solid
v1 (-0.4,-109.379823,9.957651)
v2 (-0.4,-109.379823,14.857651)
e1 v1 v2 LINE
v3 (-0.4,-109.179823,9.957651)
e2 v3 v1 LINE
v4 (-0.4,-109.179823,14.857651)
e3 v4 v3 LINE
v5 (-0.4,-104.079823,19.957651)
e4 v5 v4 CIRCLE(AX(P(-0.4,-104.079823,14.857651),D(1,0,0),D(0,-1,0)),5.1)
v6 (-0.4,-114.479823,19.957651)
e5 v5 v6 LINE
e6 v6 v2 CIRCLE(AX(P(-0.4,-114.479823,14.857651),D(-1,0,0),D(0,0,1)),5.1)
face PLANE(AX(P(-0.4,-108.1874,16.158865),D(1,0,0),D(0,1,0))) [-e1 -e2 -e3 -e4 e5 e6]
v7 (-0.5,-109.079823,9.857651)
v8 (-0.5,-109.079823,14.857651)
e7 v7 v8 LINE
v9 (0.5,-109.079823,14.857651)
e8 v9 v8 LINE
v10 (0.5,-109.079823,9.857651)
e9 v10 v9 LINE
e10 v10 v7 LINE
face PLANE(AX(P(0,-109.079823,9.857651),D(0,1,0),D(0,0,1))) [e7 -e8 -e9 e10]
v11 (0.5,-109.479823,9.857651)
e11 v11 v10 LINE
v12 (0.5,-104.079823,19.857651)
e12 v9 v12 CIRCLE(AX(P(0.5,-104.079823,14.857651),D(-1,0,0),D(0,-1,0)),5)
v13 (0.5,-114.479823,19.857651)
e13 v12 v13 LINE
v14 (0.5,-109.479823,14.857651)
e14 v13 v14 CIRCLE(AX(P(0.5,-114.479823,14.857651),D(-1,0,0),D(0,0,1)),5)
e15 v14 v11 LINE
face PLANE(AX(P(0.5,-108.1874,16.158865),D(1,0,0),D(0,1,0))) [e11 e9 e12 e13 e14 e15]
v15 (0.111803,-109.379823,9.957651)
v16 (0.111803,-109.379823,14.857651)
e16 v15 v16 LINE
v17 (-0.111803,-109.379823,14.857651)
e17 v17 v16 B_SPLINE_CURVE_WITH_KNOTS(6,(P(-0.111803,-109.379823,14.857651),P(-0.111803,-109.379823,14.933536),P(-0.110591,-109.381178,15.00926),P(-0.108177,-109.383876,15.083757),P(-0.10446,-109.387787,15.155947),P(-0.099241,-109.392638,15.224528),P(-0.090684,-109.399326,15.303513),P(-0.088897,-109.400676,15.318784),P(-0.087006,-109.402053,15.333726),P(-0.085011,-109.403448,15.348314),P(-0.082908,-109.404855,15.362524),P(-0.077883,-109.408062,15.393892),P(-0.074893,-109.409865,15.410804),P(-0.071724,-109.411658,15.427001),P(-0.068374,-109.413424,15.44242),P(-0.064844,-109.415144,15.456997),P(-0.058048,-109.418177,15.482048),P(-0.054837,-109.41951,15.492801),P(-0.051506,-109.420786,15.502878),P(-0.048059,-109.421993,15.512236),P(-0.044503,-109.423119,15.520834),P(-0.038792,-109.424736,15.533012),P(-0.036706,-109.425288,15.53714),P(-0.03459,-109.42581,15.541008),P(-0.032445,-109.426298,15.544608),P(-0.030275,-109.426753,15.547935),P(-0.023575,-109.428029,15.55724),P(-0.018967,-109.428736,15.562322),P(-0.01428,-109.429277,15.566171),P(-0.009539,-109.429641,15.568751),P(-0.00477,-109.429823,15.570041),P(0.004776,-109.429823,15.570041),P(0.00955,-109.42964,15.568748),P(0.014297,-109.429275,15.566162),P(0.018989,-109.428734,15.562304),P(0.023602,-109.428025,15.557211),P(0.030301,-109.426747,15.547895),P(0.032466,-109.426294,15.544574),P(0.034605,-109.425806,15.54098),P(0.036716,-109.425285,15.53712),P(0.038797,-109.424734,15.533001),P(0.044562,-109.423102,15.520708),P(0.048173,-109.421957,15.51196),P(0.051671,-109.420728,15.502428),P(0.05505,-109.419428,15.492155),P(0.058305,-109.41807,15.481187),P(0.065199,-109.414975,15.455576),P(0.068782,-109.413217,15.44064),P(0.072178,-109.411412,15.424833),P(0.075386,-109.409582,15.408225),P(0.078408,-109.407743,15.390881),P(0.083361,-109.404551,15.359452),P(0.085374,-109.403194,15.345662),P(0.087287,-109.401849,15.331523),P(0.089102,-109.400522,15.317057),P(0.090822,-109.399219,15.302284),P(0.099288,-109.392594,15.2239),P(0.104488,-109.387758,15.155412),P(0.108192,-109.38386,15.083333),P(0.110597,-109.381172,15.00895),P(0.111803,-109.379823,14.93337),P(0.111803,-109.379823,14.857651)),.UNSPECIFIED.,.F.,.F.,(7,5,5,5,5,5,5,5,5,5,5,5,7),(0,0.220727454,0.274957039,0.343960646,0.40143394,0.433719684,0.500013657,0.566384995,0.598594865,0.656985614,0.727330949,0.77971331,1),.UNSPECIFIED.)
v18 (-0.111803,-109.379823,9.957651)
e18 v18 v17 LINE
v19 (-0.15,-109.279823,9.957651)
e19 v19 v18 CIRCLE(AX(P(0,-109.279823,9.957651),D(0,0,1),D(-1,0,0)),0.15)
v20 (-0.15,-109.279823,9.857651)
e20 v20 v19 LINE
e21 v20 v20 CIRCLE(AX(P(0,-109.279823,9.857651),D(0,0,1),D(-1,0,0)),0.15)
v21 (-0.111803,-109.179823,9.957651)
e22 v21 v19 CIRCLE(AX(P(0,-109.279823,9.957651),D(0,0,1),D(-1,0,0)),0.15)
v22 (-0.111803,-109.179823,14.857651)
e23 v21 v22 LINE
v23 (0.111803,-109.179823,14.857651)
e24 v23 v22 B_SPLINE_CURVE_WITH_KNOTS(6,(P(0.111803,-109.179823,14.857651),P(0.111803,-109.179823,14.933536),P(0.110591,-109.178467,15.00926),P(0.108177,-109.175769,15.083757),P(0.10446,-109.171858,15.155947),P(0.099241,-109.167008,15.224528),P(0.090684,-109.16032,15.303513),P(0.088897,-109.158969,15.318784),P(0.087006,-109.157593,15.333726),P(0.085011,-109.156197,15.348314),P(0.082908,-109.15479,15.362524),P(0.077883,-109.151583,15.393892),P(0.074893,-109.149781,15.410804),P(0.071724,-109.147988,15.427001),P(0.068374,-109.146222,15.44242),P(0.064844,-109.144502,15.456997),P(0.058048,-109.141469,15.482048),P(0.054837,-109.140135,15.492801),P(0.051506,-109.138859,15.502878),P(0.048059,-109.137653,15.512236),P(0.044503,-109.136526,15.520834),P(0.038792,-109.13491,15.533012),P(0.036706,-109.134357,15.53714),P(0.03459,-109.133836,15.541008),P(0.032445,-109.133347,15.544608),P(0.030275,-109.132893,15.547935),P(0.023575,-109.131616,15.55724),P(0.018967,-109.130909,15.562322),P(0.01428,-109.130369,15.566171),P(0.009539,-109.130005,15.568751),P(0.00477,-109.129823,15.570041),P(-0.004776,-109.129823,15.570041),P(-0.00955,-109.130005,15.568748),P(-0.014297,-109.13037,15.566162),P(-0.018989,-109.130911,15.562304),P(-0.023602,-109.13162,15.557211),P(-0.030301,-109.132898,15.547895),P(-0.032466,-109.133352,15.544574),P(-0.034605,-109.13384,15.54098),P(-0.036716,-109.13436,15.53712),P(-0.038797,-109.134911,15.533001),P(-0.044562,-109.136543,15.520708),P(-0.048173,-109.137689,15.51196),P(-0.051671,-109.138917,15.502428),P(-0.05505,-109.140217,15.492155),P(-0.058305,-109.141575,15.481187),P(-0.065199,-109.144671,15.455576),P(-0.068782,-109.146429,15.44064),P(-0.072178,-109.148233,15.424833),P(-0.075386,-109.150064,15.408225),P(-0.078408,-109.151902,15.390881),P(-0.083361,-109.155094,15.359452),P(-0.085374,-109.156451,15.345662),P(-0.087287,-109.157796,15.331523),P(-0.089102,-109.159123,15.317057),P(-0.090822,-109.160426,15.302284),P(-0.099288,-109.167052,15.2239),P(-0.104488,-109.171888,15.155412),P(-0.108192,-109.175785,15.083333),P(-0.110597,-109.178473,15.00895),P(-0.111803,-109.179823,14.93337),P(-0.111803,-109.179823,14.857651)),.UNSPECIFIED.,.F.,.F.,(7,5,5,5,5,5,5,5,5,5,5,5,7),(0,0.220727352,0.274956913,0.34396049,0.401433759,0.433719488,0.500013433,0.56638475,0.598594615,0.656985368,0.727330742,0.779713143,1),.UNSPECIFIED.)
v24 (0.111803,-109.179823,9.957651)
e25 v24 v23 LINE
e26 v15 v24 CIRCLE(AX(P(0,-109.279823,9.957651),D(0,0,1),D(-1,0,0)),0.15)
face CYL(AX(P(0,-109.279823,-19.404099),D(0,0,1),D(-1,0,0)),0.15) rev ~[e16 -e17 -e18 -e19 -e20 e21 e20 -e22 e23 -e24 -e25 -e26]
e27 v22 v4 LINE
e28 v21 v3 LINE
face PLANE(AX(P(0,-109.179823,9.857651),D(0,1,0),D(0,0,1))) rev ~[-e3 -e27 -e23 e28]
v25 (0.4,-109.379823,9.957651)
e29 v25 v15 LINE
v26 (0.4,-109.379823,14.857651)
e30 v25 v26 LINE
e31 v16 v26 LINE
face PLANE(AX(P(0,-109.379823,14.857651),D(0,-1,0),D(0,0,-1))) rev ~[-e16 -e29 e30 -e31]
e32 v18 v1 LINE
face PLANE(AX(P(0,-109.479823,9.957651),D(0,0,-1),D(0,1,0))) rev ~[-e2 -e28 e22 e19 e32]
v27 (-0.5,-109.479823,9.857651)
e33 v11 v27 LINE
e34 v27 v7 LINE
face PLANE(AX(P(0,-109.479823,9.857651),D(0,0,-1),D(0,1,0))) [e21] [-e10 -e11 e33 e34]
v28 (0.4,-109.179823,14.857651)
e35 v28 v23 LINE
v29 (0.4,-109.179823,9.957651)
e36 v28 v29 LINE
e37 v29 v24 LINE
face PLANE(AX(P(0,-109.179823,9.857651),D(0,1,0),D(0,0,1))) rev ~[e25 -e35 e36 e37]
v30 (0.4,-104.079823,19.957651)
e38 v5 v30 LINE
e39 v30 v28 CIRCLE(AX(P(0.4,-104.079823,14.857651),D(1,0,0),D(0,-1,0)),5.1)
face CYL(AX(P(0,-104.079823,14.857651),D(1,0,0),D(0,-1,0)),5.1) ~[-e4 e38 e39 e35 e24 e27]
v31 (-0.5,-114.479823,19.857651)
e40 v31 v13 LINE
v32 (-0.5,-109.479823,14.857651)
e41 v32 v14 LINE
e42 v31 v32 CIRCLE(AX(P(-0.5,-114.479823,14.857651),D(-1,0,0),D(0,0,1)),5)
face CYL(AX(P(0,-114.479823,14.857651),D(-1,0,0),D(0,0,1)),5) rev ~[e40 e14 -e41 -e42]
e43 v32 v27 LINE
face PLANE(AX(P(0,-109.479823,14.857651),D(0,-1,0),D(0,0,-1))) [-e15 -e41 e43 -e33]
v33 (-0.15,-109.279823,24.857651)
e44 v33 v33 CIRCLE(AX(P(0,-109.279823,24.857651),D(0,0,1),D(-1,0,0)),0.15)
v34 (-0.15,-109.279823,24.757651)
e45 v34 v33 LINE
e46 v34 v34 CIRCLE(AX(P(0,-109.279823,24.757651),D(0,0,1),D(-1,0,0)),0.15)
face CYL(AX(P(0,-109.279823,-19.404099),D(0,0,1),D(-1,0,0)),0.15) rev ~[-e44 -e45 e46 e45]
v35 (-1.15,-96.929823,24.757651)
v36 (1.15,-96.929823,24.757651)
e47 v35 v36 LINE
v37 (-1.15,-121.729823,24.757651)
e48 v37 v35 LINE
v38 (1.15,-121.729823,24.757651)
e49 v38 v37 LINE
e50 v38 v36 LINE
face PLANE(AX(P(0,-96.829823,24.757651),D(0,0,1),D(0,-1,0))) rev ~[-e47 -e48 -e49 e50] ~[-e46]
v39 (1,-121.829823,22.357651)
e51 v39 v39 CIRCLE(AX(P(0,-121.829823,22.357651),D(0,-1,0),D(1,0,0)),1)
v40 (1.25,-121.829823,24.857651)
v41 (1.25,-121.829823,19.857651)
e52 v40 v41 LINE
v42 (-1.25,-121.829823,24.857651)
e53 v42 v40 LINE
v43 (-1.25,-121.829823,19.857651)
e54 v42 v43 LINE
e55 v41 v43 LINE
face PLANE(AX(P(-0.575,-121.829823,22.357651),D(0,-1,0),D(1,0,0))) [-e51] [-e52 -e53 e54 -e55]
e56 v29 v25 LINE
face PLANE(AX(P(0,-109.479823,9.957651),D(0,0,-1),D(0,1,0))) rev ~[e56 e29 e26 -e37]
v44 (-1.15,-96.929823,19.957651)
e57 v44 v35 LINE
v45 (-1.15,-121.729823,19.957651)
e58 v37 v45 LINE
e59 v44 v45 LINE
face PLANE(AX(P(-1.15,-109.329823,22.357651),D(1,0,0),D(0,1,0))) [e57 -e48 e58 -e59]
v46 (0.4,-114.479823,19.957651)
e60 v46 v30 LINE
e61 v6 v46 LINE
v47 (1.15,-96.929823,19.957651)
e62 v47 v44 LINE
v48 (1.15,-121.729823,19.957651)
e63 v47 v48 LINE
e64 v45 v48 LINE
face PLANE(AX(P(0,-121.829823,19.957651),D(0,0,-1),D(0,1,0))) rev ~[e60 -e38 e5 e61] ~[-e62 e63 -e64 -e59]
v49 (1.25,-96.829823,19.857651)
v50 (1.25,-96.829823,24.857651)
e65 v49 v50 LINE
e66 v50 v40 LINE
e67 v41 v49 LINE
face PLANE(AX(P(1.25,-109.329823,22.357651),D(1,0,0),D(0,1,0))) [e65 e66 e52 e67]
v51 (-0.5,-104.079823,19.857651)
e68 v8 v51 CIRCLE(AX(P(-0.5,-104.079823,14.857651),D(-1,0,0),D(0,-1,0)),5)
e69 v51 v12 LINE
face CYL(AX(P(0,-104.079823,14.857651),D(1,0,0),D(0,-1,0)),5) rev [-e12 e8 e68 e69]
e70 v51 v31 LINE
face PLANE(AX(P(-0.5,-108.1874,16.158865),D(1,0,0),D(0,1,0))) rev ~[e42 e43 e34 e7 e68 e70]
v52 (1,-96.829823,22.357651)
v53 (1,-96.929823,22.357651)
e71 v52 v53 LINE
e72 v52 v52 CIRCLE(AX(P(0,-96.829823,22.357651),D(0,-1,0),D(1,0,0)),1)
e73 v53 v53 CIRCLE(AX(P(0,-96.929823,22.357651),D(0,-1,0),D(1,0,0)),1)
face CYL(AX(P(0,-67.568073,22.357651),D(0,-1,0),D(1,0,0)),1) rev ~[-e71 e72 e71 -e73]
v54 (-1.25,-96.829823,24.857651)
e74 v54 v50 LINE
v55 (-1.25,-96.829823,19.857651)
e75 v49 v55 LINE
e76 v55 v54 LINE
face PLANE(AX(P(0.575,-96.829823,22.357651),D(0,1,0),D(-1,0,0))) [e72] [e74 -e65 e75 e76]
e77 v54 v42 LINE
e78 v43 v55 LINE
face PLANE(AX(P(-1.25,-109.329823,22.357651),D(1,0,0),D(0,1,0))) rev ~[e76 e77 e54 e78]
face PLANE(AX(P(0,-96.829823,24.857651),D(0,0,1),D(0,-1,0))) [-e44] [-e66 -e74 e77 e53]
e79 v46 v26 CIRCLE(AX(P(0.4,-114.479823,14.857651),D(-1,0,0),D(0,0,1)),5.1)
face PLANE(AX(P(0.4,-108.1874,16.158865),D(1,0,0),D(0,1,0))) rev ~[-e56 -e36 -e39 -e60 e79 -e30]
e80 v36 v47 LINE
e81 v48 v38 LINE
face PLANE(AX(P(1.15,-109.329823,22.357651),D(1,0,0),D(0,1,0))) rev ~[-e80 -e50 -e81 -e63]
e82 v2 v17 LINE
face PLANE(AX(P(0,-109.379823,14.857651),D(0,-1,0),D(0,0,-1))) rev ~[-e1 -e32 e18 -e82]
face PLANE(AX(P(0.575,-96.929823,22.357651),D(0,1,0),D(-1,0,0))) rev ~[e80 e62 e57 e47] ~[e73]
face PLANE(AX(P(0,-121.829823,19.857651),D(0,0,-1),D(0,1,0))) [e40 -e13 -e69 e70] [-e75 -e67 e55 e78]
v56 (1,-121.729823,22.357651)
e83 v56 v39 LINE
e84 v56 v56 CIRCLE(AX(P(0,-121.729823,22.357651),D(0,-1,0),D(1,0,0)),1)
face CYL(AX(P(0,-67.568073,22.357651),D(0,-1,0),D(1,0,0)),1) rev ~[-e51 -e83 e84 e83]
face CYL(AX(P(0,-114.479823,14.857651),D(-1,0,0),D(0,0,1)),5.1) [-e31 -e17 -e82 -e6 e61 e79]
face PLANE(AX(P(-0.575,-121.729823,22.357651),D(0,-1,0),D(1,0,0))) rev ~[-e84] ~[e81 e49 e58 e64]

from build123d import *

# Parameters (mm, degrees)
F1_DEPTH = 1.25
F2_DEPTH = 0.5
F3_DEPTH = 0.5
F4_T     = -0.1
F6_DEPTH = 0.1
F8_DEPTH = 0.1
F9_D     = 2
F11_D    = 0.3


with BuildPart() as f1:
    # F0 (on Right) → F1 (new body, symmetric)
    with BuildSketch(Plane.YZ):
        Polygon((-96.8298226595, 19.8576506227), (-96.8298226595, 24.8576506227), (-121.8298226595, 24.8576506227), (-121.8298226595, 19.8576506227), (-114.4798226595, 19.8576506227), (-114.3298226595, 19.8576506227), (-114.2798226595, 19.8576506227), (-109.2798226595, 19.8576506227), (-104.2298226595, 19.8576506227), (-104.0798226595, 19.8576506227), align=None)
    extrude(amount=F1_DEPTH, both=True)

    # F0 (on Right) → F2 (join)
    with BuildSketch(Plane.YZ):
        with BuildLine():
            ThreePointArc((-109.0798226595, 14.8576506227), (-107.6153565654, 18.3931845287), (-104.0798226595, 19.8576506227))
            Line((-104.0798226595, 19.8576506227), (-104.2298226595, 19.8576506227))
            Line((-104.2298226595, 19.8576506227), (-109.2798226595, 19.8576506227))
            Line((-109.2798226595, 19.8576506227), (-109.2798226595, 9.8576506227))
            Line((-109.2798226595, 9.8576506227), (-109.0798226595, 9.8576506227))
            Line((-109.0798226595, 9.8576506227), (-109.0798226595, 14.8576506227))
        make_face()
        with BuildLine():
            Line((-114.3298226595, 19.8576506227), (-114.4798226595, 19.8576506227))
            ThreePointArc((-114.4798226595, 19.8576506227), (-110.9442887536, 18.3931845287), (-109.4798226595, 14.8576506227))
            Line((-109.4798226595, 14.8576506227), (-109.4798226595, 9.8576506227))
            Line((-109.4798226595, 9.8576506227), (-109.2798226595, 9.8576506227))
            Line((-109.2798226595, 9.8576506227), (-109.2798226595, 19.8576506227))
            Line((-109.2798226595, 19.8576506227), (-114.2798226595, 19.8576506227))
            Line((-114.2798226595, 19.8576506227), (-114.3298226595, 19.8576506227))
        make_face()
    extrude(amount=F2_DEPTH)

    # F0 (on Right) → F3 (join)
    with BuildSketch(Plane.YZ):
        with BuildLine():
            ThreePointArc((-109.0798226595, 14.8576506227), (-107.6153565654, 18.3931845287), (-104.0798226595, 19.8576506227))
            Line((-104.0798226595, 19.8576506227), (-104.2298226595, 19.8576506227))
            Line((-104.2298226595, 19.8576506227), (-109.2798226595, 19.8576506227))
            Line((-109.2798226595, 19.8576506227), (-109.2798226595, 9.8576506227))
            Line((-109.2798226595, 9.8576506227), (-109.0798226595, 9.8576506227))
            Line((-109.0798226595, 9.8576506227), (-109.0798226595, 14.8576506227))
        make_face()
        with BuildLine():
            Line((-114.3298226595, 19.8576506227), (-114.4798226595, 19.8576506227))
            ThreePointArc((-114.4798226595, 19.8576506227), (-110.9442887536, 18.3931845287), (-109.4798226595, 14.8576506227))
            Line((-109.4798226595, 14.8576506227), (-109.4798226595, 9.8576506227))
            Line((-109.4798226595, 9.8576506227), (-109.2798226595, 9.8576506227))
            Line((-109.2798226595, 9.8576506227), (-109.2798226595, 19.8576506227))
            Line((-109.2798226595, 19.8576506227), (-114.2798226595, 19.8576506227))
            Line((-114.2798226595, 19.8576506227), (-114.3298226595, 19.8576506227))
        make_face()
    extrude(amount=-F3_DEPTH)

    # F4
    f4_openings = [f1.faces().sort_by_distance(p)[0] for p in [
        (0, -96.829823, 22.357651),
        (0, -121.829823, 22.357651),
    ]]
    offset(amount=F4_T, openings=f4_openings, kind=Kind.INTERSECTION)

    # F5 (on face) → F6 (join)
    with BuildSketch(Plane.XZ.offset(121.8298226595)):
        Polygon((0, 24.7576506227), (-1.15, 24.7576506227), (-1.15, 19.9576506227), (0, 19.9576506227), (0, 22.4076506227), align=None)
        Polygon((1.15, 24.7576506227), (0, 24.7576506227), (0, 22.4076506227), (0, 19.9576506227), (1.15, 19.9576506227), align=None)
    extrude(amount=-F6_DEPTH)

    # F7 (on face) → F8 (join)
    with BuildSketch(Plane(origin=(0, -96.8298226595, 0), x_dir=(-1, 0, 0), z_dir=(0, 1, 0))):
        Polygon((0, 24.7576506227), (-1.15, 24.7576506227), (-1.15, 19.9576506227), (0, 19.9576506227), (0, 22.3576506227), align=None)
        Polygon((1.15, 24.7576506227), (0, 24.7576506227), (0, 22.3576506227), (0, 19.9576506227), (1.15, 19.9576506227), align=None)
    extrude(amount=-F8_DEPTH)

    # F9 (through all)
    with Locations(Plane(origin=(0, -96.8298226595, 0), x_dir=(-1, 0, 0), z_dir=(0, 1, 0))):
        with Locations((0, 22.3576506227)):
            Hole(F9_D / 2)

    # F11 (through all)
    with Locations(Plane(origin=(0, 0, 9.8576506227), x_dir=(1, 0, 0), z_dir=(0, 0, -1))):
        with Locations((0, 109.2798226595)):
            Hole(F11_D / 2)


solid = f1.part
